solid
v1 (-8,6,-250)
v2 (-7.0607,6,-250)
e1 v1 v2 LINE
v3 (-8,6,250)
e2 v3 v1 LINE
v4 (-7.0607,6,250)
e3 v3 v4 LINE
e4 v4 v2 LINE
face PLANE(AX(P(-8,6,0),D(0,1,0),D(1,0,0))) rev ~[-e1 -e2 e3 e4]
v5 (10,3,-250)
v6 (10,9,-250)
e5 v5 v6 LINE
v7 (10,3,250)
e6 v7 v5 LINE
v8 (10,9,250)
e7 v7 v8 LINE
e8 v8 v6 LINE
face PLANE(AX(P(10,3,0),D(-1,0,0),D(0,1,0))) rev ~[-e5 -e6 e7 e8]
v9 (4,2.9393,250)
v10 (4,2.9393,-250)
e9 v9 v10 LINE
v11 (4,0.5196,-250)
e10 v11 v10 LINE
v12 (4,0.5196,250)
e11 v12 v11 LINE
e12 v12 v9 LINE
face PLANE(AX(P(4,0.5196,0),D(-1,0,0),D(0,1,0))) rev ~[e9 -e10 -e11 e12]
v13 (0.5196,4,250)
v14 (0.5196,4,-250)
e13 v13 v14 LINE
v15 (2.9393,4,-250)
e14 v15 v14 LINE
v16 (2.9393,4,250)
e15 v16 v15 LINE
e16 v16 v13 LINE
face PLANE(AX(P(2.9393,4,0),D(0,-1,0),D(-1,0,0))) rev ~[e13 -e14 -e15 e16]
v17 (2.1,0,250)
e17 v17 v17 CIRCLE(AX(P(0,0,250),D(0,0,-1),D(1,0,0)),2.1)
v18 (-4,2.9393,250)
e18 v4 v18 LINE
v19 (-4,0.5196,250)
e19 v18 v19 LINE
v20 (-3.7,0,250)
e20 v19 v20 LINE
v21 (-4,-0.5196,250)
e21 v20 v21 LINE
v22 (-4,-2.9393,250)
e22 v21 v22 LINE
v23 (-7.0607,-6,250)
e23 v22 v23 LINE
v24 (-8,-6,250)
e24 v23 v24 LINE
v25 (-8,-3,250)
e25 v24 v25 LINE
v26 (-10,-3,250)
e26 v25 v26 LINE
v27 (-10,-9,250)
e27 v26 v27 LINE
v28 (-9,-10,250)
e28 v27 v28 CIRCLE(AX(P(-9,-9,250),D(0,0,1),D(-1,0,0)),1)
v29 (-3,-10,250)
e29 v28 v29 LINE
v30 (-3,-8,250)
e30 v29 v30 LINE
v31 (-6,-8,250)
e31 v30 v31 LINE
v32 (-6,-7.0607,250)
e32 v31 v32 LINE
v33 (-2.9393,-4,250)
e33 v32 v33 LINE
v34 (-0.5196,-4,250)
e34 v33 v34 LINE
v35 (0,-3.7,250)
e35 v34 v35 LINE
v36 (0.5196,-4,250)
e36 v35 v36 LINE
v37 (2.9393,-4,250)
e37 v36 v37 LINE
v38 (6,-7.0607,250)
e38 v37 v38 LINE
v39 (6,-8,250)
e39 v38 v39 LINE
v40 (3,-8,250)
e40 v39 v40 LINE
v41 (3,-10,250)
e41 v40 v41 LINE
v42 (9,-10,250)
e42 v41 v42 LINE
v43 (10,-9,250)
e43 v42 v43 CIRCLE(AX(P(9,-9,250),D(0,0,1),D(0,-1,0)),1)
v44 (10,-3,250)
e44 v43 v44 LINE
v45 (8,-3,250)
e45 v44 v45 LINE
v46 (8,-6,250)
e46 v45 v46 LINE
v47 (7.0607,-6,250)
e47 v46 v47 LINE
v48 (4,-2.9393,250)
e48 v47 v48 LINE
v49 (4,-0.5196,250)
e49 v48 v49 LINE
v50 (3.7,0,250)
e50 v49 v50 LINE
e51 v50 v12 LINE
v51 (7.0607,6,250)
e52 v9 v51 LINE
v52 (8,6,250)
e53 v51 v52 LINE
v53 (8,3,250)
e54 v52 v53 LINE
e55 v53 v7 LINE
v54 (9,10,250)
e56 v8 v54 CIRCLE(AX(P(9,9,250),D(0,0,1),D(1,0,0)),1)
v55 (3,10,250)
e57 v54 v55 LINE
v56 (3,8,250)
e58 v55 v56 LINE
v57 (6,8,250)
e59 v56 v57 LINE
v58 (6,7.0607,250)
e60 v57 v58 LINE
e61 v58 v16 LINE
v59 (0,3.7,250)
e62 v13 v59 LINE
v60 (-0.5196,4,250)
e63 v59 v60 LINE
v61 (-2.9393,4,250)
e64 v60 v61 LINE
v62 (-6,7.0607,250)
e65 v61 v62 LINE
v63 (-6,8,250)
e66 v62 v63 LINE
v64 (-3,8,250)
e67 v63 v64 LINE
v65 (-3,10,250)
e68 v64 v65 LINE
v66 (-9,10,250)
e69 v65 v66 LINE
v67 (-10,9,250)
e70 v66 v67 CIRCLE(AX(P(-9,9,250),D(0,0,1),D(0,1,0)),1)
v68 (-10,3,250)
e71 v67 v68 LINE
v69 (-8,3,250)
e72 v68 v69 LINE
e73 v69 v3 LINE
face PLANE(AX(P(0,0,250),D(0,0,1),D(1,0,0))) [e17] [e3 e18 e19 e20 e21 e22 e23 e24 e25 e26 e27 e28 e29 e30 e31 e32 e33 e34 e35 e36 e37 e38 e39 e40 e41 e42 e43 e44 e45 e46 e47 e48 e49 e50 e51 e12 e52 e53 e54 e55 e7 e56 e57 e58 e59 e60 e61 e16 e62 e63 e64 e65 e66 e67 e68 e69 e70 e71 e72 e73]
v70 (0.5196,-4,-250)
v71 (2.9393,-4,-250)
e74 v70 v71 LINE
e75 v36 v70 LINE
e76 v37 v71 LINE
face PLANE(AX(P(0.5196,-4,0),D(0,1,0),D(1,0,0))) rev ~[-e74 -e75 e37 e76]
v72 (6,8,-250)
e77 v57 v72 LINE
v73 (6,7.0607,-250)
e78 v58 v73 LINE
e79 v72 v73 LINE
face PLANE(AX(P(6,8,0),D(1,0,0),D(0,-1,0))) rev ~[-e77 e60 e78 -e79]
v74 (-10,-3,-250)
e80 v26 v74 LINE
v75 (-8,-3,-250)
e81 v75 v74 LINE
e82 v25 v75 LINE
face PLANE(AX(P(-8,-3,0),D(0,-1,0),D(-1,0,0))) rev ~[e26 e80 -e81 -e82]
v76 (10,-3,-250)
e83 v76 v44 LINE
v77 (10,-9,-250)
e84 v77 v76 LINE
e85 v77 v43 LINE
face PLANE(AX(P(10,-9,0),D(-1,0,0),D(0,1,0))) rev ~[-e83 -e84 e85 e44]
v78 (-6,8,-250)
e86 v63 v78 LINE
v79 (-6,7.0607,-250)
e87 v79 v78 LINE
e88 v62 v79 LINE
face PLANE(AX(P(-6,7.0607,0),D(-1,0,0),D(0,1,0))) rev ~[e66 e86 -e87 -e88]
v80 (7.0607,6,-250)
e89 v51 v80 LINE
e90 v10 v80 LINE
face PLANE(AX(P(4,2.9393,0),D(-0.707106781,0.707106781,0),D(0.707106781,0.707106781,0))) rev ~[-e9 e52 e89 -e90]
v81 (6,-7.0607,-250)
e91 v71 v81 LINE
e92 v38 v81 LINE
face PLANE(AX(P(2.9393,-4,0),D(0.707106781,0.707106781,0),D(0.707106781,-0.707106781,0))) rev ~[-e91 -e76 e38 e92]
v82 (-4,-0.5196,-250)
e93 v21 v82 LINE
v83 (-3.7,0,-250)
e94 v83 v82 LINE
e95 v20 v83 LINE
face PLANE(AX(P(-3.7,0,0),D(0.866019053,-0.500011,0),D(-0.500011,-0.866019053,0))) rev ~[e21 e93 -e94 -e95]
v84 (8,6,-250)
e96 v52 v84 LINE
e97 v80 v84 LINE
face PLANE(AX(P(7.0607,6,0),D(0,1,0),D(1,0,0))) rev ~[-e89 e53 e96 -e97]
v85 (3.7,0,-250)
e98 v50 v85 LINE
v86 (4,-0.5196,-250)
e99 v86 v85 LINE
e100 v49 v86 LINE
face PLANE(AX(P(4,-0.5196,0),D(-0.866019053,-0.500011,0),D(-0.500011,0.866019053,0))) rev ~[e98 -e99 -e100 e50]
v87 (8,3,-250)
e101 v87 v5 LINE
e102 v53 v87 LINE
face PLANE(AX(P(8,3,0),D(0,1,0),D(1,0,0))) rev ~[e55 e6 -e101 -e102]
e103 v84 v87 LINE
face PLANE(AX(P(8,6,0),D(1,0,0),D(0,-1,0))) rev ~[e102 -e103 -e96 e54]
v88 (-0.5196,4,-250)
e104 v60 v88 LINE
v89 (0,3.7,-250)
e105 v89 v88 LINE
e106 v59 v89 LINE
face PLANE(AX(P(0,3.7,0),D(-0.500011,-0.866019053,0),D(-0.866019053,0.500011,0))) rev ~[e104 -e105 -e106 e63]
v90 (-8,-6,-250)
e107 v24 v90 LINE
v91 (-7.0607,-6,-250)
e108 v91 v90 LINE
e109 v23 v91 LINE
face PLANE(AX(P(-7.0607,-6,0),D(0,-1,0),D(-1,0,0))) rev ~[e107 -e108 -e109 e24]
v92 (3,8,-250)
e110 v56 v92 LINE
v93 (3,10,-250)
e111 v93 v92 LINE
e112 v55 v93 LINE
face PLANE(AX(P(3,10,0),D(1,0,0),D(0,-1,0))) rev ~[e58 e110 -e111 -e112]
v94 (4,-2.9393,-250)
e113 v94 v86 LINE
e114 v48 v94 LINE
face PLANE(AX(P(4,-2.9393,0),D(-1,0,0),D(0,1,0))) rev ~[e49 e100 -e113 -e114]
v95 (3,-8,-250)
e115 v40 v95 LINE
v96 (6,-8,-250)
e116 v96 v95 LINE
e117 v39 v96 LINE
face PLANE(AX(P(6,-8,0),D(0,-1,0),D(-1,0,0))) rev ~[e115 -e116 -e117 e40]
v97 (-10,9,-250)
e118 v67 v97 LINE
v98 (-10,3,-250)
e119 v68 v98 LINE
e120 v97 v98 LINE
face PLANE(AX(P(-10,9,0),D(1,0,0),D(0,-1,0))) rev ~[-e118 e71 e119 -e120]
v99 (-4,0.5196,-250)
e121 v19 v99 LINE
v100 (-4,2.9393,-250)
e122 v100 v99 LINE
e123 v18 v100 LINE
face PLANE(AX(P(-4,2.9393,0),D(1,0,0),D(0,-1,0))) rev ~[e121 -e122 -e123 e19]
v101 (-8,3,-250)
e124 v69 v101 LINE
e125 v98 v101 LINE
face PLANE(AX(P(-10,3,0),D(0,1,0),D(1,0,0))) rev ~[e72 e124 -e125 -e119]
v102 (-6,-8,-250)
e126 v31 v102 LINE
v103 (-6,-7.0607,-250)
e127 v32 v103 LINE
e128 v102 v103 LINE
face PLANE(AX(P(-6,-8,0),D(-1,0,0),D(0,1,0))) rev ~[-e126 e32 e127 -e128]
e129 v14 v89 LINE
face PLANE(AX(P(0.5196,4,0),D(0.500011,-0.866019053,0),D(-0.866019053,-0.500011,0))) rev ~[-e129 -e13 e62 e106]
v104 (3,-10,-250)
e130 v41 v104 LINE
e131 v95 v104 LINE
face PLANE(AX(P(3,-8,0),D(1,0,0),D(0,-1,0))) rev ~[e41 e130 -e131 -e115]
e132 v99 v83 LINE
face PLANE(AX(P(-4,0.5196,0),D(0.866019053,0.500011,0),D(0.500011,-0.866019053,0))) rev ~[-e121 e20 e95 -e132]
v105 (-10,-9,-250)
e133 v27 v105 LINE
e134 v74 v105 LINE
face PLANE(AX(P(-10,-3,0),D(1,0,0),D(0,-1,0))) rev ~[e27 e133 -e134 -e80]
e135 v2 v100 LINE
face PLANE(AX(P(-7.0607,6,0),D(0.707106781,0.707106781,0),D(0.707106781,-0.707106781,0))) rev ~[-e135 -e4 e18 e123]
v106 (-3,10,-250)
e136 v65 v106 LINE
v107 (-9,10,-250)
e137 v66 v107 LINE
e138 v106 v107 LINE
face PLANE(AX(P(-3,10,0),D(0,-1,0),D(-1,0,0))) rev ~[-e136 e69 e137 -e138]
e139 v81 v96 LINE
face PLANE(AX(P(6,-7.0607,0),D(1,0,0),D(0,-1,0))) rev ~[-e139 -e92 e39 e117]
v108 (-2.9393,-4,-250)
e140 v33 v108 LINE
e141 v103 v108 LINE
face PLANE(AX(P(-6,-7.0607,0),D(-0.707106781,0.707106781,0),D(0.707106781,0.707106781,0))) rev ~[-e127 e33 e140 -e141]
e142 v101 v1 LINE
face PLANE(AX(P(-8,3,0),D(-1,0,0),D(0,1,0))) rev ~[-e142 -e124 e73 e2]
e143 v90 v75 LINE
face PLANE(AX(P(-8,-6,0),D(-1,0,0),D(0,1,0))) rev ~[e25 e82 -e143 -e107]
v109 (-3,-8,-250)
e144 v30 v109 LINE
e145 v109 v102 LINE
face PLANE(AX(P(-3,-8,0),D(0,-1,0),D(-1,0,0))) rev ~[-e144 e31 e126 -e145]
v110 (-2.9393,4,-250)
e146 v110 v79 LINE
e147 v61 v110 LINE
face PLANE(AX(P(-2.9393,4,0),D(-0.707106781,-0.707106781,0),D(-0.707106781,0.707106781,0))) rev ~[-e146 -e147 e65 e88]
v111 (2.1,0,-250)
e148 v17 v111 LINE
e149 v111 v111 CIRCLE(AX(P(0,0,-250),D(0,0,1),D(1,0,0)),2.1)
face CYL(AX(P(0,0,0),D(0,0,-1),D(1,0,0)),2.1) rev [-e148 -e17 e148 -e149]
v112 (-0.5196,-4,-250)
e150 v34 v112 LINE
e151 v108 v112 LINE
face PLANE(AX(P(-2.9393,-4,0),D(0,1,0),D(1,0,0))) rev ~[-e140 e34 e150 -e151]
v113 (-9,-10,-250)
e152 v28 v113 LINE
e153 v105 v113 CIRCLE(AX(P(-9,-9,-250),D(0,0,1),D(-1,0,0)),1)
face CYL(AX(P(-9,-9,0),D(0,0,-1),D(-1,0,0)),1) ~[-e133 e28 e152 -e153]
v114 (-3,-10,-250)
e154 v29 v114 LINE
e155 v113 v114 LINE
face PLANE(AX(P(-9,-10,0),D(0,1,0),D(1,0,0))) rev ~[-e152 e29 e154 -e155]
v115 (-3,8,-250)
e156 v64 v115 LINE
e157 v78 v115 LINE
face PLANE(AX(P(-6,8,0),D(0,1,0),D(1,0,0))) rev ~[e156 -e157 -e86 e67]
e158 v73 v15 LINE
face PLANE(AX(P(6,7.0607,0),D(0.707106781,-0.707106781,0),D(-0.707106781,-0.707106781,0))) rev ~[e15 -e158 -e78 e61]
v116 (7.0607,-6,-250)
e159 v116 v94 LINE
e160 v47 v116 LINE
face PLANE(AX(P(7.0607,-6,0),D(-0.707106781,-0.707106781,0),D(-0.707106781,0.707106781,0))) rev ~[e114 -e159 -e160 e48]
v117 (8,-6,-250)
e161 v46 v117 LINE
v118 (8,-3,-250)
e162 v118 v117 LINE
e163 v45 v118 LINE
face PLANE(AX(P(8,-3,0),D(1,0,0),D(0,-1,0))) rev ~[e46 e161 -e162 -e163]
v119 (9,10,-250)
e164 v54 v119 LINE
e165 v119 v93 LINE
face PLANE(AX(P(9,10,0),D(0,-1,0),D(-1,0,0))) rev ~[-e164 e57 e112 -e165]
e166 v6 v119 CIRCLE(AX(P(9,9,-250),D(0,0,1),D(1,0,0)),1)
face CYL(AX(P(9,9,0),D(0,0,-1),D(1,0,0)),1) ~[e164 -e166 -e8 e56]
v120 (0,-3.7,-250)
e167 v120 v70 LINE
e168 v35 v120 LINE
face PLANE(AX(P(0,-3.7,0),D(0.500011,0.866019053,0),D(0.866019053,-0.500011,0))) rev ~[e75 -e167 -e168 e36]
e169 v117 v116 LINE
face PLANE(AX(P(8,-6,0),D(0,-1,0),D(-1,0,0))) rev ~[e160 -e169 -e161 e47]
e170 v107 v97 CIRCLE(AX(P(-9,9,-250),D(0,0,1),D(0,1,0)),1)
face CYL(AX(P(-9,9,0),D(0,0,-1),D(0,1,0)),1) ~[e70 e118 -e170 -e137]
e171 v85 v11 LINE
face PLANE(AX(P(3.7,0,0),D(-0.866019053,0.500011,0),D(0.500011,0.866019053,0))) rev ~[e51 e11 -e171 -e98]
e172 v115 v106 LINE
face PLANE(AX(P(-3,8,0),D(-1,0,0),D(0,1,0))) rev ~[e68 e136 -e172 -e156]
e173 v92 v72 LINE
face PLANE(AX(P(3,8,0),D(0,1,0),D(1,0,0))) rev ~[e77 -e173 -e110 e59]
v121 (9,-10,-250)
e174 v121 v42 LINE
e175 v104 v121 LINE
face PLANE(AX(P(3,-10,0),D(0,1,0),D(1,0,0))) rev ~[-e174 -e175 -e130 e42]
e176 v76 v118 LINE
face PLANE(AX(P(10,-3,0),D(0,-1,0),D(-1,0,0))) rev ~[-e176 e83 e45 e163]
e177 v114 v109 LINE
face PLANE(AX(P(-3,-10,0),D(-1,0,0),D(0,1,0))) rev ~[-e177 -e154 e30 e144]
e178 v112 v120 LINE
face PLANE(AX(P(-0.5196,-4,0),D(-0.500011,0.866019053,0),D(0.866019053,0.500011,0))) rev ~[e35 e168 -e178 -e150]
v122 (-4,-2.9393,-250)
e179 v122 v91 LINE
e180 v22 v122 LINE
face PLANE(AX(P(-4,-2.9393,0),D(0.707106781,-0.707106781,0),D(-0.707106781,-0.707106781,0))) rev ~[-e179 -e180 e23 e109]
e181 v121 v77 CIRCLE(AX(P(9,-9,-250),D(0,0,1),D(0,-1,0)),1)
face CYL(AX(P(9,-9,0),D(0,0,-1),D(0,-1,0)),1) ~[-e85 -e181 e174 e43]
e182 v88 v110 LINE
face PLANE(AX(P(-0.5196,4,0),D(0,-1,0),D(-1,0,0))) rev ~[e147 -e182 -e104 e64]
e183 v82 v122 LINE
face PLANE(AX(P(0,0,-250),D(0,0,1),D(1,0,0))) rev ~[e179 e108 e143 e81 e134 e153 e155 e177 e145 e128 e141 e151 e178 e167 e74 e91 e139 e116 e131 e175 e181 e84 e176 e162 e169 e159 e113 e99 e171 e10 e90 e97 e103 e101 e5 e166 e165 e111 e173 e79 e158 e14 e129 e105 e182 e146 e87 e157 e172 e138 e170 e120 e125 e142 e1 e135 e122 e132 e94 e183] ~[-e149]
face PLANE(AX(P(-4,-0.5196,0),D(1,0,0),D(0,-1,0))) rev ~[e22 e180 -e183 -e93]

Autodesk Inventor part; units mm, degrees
ref_plane "YZ Plane" through (0, 0, 0) normal (1, 0, 0) x (0, 1, 0)
ref_plane "XZ Plane" through (0, 0, 0) normal (0, 1, 0) x (-1, 0, 0)
ref_plane "XY Plane" through (0, 0, 0) normal (0, 0, 1) x (1, 0, 0)
sketch "Sketch1" plane through (0, 0, 0) normal (0, 0, 1) x (1, 0, 0)
  line L0 (-2.205, 0) -> (2.205, 0)
  line L1 (0, -2.205) -> (0, 2.205)
  arc A0 (9, -10) -> (10, -9) centre (9, -9) ccw
  line L2 (-10, 9) -> (-10, 3)
  line L3 (-10, 3) -> (-8, 3)
  line L4 (-8, 3) -> (-8, 6)
  line L5 (-8, 6) -> (-7.0607, 6)
  line L6 (-7.0607, 6) -> (-4, 2.9393)
  line L7 (-4, 2.9393) -> (-4, 0.5196)
  line L8 (-4, 0.5196) -> (-3.7, 0)
  line L9 (-3.7, 0) -> (-4, -0.5196)
  line L10 (-4, -0.5196) -> (-4, -2.9393)
  line L11 (-4, -2.9393) -> (-7.0607, -6)
  line L12 (-7.0607, -6) -> (-8, -6)
  line L13 (-8, -6) -> (-8, -3)
  line L14 (-8, -3) -> (-10, -3)
  line L15 (-10, -3) -> (-10, -9)
  arc A1 (-10, -9) -> (-9, -10) centre (-9, -9) ccw
  line L16 (-9, -10) -> (-3, -10)
  line L17 (-3, -10) -> (-3, -8)
  line L18 (-3, -8) -> (-6, -8)
  line L19 (-6, -7.0607) -> (-2.9393, -4)
  line L20 (-2.9393, -4) -> (-0.5196, -4)
  line L21 (-0.5196, -4) -> (0, -3.7)
  line L22 (0, -3.7) -> (0.5196, -4)
  line L23 (0.5196, -4) -> (2.9393, -4)
  line L24 (2.9393, -4) -> (6, -7.0607)
  line L25 (6, -7.0607) -> (6, -8)
  line L26 (6, -8) -> (3, -8)
  line L27 (3, -8) -> (3, -10)
  line L28 (3, -10) -> (9, -10)
  line L29 (10, -9) -> (10, -3)
  line L30 (10, -3) -> (8, -3)
  line L31 (8, -3) -> (8, -6)
  line L32 (8, -6) -> (7.0607, -6)
  line L33 (7.0607, -6) -> (4, -2.9393)
  line L34 (4, -2.9393) -> (4, -0.5196)
  line L35 (4, -0.5196) -> (3.7, 0)
  line L36 (3.7, 0) -> (4, 0.5196)
  line L37 (4, 0.5196) -> (4, 2.9393)
  line L38 (4, 2.9393) -> (7.0607, 6)
  line L39 (7.0607, 6) -> (8, 6)
  line L40 (8, 6) -> (8, 3)
  line L41 (8, 3) -> (10, 3)
  line L42 (10, 3) -> (10, 9)
  arc A2 (10, 9) -> (9, 10) centre (9, 9) ccw
  line L43 (9, 10) -> (3, 10)
  line L44 (3, 10) -> (3, 8)
  line L45 (3, 8) -> (6, 8)
  line L46 (6, 8) -> (6, 7.0607)
  line L47 (6, 7.0607) -> (2.9393, 4)
  line L48 (2.9393, 4) -> (0.5196, 4)
  line L49 (0.5196, 4) -> (0, 3.7)
  line L50 (0, 3.7) -> (-0.5196, 4)
  line L51 (-0.5196, 4) -> (-2.9393, 4)
  line L52 (-2.9393, 4) -> (-6, 7.0607)
  line L53 (-6, 7.0607) -> (-6, 8)
  line L54 (-6, 8) -> (-3, 8)
  line L55 (-3, 8) -> (-3, 10)
  line L56 (-3, 10) -> (-9, 10)
  arc A3 (-9, 10) -> (-10, 9) centre (-9, 9) ccw
  circle A4 centre (0, 0) radius 2.1
  line L57 (-6, -8) -> (-6, -7.0607)
extrude "Extrusion1" add sketch "Sketch1" along normal mid plane 500
equation "\"d0\" = testMountLength"
equation "\"frameAcrylicThickness\" = 9.525"
equation "\"internalAcrylicThickness\" = 6.35"
equation "\"height\" = 127"
equation "\"width\" = 127"
equation "\"depth\" = 273.05"
equation "\"mirrorAngle\" = 5deg"
equation "\"detectorWidth\" = 52"
equation "\"detectorHeight\" = 52"
equation "\"mirrorThickness\" = 3.175"
equation "\"fresnelThickness\" = 0.1"
equation "\"focalLength\" = 76.2"
equation "\"ior\" = 1.49"
equation "\"centerThickness\" = 1.524"
equation "\"fresnelAngle\" = 90deg"
equation "\"fresnelEffectiveDiameter\" = 152.4"
equation "\"oRingWidth\" = 1.5875"
equation "\"sensorHolderDepth\" = 19.05"
equation "\"aerogelClearence\" = 3.175"
equation "\"backplanePCBWidth\" = 76.2"
equation "\"backplanePCBHeight\" = 76.2"
equation "\"backplaneHoleOffsett\" = 6.35"
equation "\"backplanePostionOffsett\" = 12.7"
equation "\"moduleSlotClearence\" = 0.79375"
equation "\"testMountLength\" = 500"
properties part number "HFS5-2020" material "Aluminum 6061"
